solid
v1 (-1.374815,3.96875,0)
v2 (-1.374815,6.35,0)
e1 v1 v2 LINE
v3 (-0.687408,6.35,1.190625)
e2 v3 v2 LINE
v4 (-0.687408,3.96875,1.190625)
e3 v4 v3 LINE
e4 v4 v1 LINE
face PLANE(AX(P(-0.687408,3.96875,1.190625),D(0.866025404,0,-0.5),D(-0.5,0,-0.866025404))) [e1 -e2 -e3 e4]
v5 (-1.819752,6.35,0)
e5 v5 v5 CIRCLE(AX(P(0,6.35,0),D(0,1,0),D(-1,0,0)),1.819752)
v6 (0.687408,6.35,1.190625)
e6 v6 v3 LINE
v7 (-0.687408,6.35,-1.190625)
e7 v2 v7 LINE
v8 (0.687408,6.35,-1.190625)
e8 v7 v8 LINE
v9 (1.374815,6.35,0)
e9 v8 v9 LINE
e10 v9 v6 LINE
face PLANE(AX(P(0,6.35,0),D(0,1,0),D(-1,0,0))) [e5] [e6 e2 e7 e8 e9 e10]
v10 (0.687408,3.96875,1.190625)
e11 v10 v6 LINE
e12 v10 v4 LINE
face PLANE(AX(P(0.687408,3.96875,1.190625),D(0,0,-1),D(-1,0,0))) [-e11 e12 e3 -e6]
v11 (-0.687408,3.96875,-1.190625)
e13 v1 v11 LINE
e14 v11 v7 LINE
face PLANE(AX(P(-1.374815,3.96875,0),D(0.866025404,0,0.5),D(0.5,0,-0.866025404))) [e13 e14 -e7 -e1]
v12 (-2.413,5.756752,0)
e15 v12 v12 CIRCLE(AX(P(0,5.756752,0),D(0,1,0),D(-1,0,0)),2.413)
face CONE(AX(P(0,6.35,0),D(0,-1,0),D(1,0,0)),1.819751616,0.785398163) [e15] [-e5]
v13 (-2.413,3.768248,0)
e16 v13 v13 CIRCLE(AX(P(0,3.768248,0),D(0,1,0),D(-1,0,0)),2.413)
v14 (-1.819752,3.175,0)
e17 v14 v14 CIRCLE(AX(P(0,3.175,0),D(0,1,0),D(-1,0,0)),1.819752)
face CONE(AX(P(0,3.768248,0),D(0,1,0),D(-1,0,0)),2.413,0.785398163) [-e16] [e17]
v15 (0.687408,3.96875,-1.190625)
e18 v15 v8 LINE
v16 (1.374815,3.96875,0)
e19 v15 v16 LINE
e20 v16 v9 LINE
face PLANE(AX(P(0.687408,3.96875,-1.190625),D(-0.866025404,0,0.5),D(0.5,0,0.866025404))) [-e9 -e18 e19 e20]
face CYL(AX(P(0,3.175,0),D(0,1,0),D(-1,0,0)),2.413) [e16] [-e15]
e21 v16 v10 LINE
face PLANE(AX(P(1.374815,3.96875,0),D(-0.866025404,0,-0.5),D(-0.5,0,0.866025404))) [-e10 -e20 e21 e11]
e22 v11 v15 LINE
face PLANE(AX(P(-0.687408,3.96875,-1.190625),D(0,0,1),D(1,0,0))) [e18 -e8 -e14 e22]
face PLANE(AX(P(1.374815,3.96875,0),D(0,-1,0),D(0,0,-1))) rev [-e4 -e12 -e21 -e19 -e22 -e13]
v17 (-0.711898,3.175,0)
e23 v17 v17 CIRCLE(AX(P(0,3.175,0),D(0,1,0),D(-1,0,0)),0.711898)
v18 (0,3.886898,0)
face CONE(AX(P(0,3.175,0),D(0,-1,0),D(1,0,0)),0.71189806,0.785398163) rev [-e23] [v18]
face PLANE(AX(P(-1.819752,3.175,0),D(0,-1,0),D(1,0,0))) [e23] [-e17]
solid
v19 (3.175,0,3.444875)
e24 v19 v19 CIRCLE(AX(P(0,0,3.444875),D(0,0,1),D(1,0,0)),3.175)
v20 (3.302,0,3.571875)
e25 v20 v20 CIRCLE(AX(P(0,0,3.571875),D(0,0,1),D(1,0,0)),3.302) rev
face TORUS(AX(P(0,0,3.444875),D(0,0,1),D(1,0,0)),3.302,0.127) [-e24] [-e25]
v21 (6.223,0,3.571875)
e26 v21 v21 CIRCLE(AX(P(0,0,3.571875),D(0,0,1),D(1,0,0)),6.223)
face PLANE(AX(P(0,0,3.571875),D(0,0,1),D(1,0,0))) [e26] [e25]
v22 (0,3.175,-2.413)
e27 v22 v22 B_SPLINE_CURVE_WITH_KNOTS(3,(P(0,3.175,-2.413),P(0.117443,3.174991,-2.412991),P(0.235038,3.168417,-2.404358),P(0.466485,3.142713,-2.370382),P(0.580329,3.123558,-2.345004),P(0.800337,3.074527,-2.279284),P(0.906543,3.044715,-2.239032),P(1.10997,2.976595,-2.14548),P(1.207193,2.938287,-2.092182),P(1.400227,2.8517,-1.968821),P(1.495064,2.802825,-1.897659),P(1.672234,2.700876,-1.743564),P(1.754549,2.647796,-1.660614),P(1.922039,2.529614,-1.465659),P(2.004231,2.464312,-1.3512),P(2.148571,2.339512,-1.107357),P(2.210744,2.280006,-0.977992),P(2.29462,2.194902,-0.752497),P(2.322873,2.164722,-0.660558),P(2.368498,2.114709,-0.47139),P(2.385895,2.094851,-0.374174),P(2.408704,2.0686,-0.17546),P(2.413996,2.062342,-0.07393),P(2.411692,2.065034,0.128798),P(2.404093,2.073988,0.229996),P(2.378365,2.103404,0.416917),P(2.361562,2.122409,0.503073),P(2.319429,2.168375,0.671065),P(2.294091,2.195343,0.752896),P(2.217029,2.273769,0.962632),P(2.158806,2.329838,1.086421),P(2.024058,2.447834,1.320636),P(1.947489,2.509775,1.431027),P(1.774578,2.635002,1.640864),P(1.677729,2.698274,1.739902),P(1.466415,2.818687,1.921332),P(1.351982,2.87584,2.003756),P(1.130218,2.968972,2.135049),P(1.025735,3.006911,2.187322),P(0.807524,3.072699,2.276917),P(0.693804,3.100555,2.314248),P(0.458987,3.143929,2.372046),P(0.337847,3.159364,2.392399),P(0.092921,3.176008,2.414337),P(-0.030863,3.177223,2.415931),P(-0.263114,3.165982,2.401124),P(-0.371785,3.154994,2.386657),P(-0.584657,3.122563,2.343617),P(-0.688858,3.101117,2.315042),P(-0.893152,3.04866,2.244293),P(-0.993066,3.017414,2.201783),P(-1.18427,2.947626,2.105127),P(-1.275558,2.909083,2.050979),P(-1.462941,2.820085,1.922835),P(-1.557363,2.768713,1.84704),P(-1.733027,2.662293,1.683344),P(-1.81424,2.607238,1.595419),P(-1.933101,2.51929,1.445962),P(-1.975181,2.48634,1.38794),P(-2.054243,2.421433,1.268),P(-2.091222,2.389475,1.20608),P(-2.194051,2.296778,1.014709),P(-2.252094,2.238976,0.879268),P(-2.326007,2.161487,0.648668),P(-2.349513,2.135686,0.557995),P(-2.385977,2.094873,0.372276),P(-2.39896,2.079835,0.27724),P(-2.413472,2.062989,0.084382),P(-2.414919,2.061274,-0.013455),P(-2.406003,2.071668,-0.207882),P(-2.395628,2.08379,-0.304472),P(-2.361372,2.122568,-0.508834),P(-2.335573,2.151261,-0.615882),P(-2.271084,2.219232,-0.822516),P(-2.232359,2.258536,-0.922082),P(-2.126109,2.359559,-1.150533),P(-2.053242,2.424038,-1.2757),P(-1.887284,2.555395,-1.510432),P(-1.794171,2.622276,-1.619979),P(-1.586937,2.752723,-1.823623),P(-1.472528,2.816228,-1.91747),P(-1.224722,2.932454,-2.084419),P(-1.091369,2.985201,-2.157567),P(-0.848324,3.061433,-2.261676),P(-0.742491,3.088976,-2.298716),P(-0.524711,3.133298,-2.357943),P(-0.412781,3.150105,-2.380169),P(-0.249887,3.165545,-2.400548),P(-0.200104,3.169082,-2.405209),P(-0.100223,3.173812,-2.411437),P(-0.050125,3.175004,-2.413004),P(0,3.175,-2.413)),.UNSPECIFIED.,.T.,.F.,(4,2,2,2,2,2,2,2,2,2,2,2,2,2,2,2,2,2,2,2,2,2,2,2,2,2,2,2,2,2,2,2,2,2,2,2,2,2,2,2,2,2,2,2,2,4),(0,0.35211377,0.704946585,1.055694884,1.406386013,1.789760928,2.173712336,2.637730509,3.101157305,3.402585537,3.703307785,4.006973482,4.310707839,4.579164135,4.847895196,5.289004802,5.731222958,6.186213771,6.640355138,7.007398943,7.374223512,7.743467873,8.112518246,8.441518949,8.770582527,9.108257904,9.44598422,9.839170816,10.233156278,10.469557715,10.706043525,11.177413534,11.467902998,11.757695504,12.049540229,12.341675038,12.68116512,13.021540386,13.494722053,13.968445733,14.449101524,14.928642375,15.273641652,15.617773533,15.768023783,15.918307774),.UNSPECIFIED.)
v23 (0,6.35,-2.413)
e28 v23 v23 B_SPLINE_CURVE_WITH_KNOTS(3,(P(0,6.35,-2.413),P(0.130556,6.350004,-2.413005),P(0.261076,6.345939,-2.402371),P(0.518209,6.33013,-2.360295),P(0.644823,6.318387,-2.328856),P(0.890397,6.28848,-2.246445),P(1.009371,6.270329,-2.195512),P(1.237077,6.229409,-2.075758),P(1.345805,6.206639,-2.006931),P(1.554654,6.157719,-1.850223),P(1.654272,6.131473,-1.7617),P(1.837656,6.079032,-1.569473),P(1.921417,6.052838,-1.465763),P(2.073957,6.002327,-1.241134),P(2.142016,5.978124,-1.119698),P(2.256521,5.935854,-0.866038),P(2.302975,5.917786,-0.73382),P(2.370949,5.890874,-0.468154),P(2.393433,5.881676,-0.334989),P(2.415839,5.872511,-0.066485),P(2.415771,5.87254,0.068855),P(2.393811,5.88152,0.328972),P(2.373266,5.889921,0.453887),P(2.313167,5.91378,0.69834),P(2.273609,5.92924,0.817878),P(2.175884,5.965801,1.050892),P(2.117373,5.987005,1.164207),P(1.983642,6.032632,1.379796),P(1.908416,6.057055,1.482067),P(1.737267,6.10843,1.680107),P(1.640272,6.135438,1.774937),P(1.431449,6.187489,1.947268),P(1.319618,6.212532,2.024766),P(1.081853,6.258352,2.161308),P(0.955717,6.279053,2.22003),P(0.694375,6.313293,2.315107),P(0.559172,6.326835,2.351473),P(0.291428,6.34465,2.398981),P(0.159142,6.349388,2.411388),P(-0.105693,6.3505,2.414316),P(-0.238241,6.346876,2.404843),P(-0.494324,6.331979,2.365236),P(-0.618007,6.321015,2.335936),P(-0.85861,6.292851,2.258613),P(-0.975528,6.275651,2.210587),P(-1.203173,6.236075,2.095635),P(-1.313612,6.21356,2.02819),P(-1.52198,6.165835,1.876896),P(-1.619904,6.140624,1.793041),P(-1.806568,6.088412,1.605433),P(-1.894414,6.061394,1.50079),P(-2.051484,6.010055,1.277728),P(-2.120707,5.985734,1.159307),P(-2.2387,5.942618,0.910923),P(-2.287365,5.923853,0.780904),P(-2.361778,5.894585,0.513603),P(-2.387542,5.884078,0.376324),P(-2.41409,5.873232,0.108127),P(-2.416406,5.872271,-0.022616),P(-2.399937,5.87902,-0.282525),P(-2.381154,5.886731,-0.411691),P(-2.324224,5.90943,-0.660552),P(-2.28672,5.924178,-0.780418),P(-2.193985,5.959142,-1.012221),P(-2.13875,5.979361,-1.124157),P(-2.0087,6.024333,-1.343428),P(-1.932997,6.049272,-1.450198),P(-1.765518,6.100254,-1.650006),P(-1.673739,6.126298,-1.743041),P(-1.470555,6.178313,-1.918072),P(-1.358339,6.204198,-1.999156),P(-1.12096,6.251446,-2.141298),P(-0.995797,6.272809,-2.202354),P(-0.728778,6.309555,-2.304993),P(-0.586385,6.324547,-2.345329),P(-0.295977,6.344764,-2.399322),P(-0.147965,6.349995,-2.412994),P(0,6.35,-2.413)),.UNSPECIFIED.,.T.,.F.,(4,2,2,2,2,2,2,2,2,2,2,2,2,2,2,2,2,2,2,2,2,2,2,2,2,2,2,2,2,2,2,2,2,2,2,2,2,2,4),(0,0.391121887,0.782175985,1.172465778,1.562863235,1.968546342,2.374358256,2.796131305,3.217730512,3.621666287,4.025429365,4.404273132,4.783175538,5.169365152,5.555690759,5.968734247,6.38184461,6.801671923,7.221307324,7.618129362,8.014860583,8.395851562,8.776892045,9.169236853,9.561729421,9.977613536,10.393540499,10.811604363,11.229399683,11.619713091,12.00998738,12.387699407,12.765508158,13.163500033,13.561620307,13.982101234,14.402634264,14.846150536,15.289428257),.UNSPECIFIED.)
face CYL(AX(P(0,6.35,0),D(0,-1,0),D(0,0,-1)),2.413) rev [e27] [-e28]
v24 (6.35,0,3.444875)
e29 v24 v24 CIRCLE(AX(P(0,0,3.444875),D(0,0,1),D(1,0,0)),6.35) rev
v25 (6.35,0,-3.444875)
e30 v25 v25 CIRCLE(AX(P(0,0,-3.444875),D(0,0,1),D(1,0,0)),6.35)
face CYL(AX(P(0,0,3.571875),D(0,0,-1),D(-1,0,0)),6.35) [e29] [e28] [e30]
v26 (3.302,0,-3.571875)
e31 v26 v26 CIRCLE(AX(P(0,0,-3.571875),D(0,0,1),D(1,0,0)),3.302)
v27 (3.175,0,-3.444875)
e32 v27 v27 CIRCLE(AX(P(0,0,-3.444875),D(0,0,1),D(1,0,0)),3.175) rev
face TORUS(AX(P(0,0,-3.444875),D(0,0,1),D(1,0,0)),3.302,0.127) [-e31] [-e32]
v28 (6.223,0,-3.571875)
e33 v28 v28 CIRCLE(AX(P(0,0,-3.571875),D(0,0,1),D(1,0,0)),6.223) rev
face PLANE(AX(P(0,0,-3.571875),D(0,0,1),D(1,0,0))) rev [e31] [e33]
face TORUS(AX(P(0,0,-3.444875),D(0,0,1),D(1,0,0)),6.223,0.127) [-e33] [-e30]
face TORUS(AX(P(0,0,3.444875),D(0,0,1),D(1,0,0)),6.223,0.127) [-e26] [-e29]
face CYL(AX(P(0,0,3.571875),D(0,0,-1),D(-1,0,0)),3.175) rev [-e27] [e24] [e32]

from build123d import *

# Parameters (mm, degrees)
SKETCH1_R          = 6.35
SKETCH1_R_2        = 3.175
EXTRUDE1_DEPTH     = 3.571875
SKETCH2_R          = 2.413
CUT_EXTRUDE1_DEPTH = 7.35
FILLET1_R          = 0.127
CUT_EXTRUDE2_DEPTH = 2.38125


with BuildPart() as part:
    # Sketch1 → Extrude1 (new body, symmetric)
    with BuildSketch(Plane.XY):
        Circle(SKETCH1_R)
        Circle(SKETCH1_R_2, mode=Mode.SUBTRACT)
    extrude(amount=EXTRUDE1_DEPTH, both=True)

    # Sketch2 → Cut-Extrude1 (cut, through all)
    with BuildSketch(Plane(origin=(41.275, 0, 0), x_dir=(0, 0, -1), z_dir=(0, -1, 0))):
        with Locations((0, -41.275)):
            Circle(SKETCH2_R)
    extrude(amount=-CUT_EXTRUDE1_DEPTH, mode=Mode.SUBTRACT)

    # Fillet1
    fillet1_edges = [part.edges().sort_by_distance(p)[0] for p in [
        (-6.35, 0, -3.571875),
        (-6.35, 0, 3.571875),
        (-3.175, 0, -3.571875),
        (-3.175, 0, 3.571875),
    ]]
    fillet(fillet1_edges, radius=FILLET1_R)


with BuildPart() as body_2:
    # Sketch3 → Revolve1 (revolve)
    with BuildSketch(Plane.XY):
        Polygon((-1.819751616, 3.175), (-0.71189806, 3.175), (0, 3.88689806), (0, 6.35), (-1.819751616, 6.35), (-2.413, 5.756751616), (-2.413, 3.768248384), align=None)
    revolve(axis=Axis((0, 3.175, 0), (0, -1, 0)))

    # Sketch4 → Cut-Extrude2 (cut)
    with BuildSketch(Plane(origin=(3.3734375, 6.35, 0), x_dir=(0, 0, -1), z_dir=(0, -1, 0))):
        Polygon((0, -1.998622171), (-1.190625, -2.686029836), (-1.190625, -4.060845164), (0, -4.748252829), (1.190625, -4.060845164), (1.190625, -2.686029836), align=None)
    extrude(amount=CUT_EXTRUDE2_DEPTH, mode=Mode.SUBTRACT)


solid = Compound([part.part, body_2.part])
